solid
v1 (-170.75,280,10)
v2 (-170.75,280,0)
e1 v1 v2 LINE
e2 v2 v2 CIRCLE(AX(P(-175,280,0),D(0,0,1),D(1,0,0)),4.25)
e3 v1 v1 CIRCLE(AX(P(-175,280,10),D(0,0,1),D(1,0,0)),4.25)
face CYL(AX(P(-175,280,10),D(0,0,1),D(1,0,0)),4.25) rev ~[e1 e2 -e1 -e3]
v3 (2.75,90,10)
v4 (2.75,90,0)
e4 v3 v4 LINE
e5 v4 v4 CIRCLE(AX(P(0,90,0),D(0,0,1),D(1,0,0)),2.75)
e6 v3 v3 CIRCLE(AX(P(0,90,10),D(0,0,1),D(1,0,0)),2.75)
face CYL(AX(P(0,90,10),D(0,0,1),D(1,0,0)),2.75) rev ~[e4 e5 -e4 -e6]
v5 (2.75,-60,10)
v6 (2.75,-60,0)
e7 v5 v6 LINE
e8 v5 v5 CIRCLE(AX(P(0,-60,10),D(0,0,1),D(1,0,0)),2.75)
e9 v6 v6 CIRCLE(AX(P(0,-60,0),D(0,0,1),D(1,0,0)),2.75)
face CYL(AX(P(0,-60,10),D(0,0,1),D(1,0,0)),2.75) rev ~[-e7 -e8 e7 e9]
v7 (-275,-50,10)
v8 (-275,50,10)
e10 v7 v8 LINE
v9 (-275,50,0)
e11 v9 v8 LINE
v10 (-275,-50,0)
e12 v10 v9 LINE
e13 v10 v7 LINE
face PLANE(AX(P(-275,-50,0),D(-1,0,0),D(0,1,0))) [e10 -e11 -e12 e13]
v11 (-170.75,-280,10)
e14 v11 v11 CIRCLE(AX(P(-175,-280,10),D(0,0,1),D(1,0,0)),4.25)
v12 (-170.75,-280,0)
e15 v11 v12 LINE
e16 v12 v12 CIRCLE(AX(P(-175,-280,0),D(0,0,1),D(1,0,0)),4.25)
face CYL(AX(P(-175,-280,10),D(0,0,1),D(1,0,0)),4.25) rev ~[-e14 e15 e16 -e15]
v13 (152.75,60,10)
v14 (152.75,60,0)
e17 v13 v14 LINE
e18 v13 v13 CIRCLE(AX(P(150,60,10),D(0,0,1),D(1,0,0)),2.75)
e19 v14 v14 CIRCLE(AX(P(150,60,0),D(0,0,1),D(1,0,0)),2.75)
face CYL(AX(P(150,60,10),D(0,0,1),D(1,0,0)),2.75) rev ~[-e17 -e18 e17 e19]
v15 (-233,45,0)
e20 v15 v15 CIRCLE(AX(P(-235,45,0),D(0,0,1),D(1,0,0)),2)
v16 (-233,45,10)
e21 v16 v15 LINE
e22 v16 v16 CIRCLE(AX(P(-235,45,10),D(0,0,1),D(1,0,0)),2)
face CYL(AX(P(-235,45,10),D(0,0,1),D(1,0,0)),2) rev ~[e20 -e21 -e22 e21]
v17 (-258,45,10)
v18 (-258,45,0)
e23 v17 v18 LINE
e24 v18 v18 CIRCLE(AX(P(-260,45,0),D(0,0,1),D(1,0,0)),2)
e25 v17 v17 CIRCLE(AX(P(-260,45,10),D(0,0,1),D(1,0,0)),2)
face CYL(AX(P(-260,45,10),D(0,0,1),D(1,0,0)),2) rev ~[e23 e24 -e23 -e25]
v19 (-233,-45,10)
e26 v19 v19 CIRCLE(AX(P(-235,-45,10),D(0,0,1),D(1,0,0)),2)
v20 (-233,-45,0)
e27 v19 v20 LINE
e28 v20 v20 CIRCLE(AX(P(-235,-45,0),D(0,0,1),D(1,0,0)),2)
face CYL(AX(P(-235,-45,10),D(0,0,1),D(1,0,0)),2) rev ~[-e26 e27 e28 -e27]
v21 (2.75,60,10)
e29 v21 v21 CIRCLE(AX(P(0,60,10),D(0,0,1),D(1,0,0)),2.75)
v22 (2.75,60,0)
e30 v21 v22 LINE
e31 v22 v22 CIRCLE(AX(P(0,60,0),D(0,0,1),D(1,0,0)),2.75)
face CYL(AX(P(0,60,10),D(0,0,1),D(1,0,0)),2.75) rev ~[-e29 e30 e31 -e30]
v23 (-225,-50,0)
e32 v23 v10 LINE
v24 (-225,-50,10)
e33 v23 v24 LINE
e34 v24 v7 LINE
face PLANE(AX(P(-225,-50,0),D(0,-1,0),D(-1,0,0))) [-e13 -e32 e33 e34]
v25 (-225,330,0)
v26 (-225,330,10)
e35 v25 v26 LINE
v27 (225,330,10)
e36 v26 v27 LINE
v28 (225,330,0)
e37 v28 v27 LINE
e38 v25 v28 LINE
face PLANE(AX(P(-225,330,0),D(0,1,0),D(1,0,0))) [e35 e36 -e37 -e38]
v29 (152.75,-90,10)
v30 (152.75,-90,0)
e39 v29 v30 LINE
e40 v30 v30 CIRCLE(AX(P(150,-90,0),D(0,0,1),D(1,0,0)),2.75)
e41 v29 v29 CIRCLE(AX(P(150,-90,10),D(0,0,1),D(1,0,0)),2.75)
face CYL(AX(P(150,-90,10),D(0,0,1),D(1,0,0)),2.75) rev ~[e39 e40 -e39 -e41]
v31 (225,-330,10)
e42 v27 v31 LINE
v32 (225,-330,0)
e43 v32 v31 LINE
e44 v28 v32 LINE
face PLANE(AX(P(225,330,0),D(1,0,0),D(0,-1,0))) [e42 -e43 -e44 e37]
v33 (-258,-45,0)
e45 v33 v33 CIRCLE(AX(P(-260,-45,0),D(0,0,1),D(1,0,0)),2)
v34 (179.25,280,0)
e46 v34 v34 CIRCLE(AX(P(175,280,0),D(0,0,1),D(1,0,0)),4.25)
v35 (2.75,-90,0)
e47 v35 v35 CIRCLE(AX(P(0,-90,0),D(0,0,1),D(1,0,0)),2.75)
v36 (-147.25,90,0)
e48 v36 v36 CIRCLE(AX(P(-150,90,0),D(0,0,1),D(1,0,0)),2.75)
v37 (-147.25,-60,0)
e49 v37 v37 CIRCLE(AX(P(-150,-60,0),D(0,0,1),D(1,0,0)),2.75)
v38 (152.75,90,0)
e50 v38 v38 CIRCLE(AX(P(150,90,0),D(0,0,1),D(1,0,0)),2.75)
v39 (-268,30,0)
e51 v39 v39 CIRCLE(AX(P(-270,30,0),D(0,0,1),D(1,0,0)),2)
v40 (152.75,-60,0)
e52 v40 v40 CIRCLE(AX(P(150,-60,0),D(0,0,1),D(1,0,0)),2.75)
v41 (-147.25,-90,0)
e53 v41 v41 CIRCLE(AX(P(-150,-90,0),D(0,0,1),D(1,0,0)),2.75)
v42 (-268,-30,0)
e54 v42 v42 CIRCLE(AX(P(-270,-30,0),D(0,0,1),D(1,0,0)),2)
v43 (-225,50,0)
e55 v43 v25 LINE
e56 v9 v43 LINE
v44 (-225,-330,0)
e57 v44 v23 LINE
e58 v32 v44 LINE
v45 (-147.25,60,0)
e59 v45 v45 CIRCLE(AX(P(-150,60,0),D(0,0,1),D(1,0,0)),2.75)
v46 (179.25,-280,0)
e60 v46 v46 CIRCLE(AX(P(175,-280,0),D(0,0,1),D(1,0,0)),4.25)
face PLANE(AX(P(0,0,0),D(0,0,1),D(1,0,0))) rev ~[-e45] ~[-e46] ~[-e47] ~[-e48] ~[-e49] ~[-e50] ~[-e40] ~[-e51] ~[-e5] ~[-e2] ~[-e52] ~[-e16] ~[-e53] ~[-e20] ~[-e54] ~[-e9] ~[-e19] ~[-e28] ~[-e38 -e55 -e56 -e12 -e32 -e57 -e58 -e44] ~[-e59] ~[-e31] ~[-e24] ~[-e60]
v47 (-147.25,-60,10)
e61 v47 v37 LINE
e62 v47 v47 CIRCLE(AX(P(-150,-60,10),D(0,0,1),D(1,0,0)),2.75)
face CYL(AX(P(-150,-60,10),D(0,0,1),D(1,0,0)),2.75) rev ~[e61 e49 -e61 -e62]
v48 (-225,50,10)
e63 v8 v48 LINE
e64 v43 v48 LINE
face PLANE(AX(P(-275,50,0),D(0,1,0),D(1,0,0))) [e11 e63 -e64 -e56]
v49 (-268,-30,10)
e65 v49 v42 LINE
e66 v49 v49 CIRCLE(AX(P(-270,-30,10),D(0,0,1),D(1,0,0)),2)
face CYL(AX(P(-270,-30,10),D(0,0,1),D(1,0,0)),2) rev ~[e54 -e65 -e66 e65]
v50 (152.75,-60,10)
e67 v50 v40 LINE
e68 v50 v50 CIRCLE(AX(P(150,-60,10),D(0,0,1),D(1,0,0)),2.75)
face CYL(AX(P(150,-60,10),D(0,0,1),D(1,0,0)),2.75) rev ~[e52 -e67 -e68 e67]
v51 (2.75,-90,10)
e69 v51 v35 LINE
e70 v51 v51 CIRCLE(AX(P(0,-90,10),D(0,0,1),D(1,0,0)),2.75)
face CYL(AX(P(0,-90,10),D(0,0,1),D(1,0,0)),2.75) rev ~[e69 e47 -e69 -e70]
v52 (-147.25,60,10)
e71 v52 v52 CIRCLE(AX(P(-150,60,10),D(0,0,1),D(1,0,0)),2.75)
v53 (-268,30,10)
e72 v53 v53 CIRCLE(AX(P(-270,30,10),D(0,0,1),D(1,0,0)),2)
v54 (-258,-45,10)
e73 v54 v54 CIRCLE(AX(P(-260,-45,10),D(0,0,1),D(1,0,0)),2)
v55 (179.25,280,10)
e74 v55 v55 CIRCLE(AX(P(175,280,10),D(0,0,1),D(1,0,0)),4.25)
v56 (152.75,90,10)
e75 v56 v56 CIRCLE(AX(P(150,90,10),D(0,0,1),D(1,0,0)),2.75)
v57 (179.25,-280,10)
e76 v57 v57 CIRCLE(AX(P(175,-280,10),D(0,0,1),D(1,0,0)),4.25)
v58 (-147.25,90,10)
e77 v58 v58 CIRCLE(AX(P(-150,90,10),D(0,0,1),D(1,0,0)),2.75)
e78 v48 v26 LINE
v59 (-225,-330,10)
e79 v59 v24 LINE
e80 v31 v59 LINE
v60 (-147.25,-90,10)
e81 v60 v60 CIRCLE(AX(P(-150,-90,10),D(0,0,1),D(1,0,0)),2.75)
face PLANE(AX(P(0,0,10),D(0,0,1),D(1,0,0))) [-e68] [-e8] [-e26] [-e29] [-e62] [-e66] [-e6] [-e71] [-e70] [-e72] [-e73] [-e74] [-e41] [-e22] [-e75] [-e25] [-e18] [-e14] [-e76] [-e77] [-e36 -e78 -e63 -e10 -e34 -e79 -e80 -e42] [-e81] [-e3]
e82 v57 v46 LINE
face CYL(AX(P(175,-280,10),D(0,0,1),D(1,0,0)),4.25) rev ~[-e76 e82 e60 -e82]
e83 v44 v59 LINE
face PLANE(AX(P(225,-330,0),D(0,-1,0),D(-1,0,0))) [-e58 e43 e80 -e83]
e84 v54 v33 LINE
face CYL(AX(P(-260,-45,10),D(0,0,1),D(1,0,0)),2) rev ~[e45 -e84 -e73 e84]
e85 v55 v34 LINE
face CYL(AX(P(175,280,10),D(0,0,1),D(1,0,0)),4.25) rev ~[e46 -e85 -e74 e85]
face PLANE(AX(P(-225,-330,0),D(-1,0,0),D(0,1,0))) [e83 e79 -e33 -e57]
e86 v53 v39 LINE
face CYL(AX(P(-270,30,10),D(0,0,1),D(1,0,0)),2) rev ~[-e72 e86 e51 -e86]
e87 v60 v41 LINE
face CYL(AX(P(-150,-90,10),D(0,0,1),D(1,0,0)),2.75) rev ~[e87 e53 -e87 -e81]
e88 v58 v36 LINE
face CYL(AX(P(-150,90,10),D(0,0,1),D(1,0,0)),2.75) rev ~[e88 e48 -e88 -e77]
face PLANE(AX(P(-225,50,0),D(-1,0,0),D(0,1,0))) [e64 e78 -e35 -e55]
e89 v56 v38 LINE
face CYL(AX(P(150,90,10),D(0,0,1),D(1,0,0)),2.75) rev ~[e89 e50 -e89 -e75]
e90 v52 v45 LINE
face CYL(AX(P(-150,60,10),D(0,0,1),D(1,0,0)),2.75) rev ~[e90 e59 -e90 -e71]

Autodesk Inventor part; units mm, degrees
ref_plane "YZ Plane" through (0, 0, 0) normal (1, 0, 0) x (0, 1, 0)
ref_plane "XZ Plane" through (0, 0, 0) normal (0, 1, 0) x (-1, 0, 0)
ref_plane "XY Plane" through (0, 0, 0) normal (0, 0, 1) x (1, 0, 0)
sketch "Schizzo1" plane through (0, 0, 0) normal (0, 0, 1) x (1, 0, 0)
  line L0 (-225, 330) -> (225, 330)
  line L1 (225, 330) -> (225, -330)
  line L2 (225, -330) -> (-225, -330)
  line L3 (-225, -50) -> (-275, -50)
  line L4 (-275, -50) -> (-275, 50)
  line L5 (-275, 50) -> (-225, 50)
  line L6 (-225, -330) -> (-225, -50)
  line L7 (-225, 50) -> (-225, 330)
  circle A0 centre (-88.8619, 71.07) radius 2.5
  point P0 (0, 0)
  point P1 (0, 330)
  dimension "d0" = 450
  dimension "d1" = 660
  dimension "d4" = 100
  dimension "d5" = 280
  dimension "d7" = 225
  dimension "d50" = 5
  dimension "d51" = 330
extrude "Estrusione1" add sketch "Schizzo1" along normal blind 10 contours L0 L1 L2 L6 L3 L4 L5 L7 | A0
sketch "Schizzo2" plane through (0, 0, 10) normal (0, 0, 1) x (1, 0, 0)
  circle A0 centre (-175, 280) radius 4.25
  circle A1 centre (175, 280) radius 4.25
  circle A2 centre (175, -280) radius 4.25
  circle A3 centre (-175, -280) radius 4.25
  line L0 (225, -330) -> (225, 330) projected
  line L1 (-225, 330) -> (-225, 50) projected
  line L2 (-225, -50) -> (-225, -330) projected
  line L3 (-225, -330) -> (225, -330) projected
  line L4 (225, 330) -> (-225, 330) projected
  circle A4 centre (-270, 30) radius 2
  circle A5 centre (-270, -30) radius 2
  line L5 (-275, 50) -> (-275, -50) projected
  line L6 (-225, 50) -> (-275, 50) projected
  line L7 (-275, -50) -> (-225, -50) projected
  circle A6 centre (-150, 60) radius 2.75
  circle A7 centre (0, 60) radius 2.75
  circle A8 centre (150, 60) radius 2.75
  circle A9 centre (-150, 90) radius 2.75
  circle A10 centre (0, 90) radius 2.75
  circle A11 centre (150, 90) radius 2.75
  circle A12 centre (-150, -90) radius 2.75
  circle A13 centre (0, -90) radius 2.75
  circle A14 centre (150, -90) radius 2.75
  circle A15 centre (-150, -60) radius 2.75
  circle A16 centre (0, -60) radius 2.75
  circle A17 centre (150, -60) radius 2.75
  circle A18 centre (-260, -45) radius 2
  circle A19 centre (-260, 45) radius 2
  circle A20 centre (-235, 45) radius 2
  circle A21 centre (-235, -45) radius 2
  point P0 (0, 0)
  dimension "d8" = 50
  dimension "d9" = 50
  dimension "d10" = 50
  dimension "d11" = 50
  dimension "d12" = 50
  dimension "d13" = 50
  dimension "d14" = 50
  dimension "d15" = 50
  dimension "d16" = 8.5
  dimension "d17" = 8.5
  dimension "d18" = 8.5
  dimension "d19" = 8.5
  dimension "d20" = 5
  dimension "d23" = 5
  dimension "d24" = 4
  dimension "d27" = 4
  dimension "d28" = 20
  dimension "d29" = 20
  dimension "d49" = 450
  dimension "d52" = 5.5
  dimension "d55" = 150
  dimension "d58" = 30
  dimension "d61" = 0
  dimension "d62" = 60
  dimension "d63" = 5.5
  dimension "d66" = 150
  dimension "d69" = 30
  dimension "d72" = 0
  dimension "d73" = 60
  dimension "d74" = 4
  dimension "d78" = 90
  dimension "d86" = 25
  dimension "d92" = 5
  dimension "d93" = 10
extrude "Estrusione2" cut sketch "Schizzo2" against normal blind 10 contours A0 | A1 | A2 | A3 | A4 | A5 | A6 | A7 | A8 | A9 | A10 | A11 | A12 | A13 | A14 | A15 | A16 | A17 | A18 | A19 | A20 | A21
equation "\"d5\" = -0.5 * d4 + 0.5 * d1"
equation "\"d7\" = 0.5 * d0"
equation "\"d51\" = 0.5 * d1"
equation "\"d9\" = d8"
equation "\"d10\" = d8"
equation "\"d11\" = d8"
equation "\"d12\" = d8"
equation "\"d13\" = d8"
equation "\"d14\" = d10"
equation "\"d15\" = d8"
equation "\"d17\" = d16"
equation "\"d18\" = d16"
equation "\"d19\" = d16"
equation "\"d23\" = d20"
equation "\"d27\" = d24"
properties part number "base"
